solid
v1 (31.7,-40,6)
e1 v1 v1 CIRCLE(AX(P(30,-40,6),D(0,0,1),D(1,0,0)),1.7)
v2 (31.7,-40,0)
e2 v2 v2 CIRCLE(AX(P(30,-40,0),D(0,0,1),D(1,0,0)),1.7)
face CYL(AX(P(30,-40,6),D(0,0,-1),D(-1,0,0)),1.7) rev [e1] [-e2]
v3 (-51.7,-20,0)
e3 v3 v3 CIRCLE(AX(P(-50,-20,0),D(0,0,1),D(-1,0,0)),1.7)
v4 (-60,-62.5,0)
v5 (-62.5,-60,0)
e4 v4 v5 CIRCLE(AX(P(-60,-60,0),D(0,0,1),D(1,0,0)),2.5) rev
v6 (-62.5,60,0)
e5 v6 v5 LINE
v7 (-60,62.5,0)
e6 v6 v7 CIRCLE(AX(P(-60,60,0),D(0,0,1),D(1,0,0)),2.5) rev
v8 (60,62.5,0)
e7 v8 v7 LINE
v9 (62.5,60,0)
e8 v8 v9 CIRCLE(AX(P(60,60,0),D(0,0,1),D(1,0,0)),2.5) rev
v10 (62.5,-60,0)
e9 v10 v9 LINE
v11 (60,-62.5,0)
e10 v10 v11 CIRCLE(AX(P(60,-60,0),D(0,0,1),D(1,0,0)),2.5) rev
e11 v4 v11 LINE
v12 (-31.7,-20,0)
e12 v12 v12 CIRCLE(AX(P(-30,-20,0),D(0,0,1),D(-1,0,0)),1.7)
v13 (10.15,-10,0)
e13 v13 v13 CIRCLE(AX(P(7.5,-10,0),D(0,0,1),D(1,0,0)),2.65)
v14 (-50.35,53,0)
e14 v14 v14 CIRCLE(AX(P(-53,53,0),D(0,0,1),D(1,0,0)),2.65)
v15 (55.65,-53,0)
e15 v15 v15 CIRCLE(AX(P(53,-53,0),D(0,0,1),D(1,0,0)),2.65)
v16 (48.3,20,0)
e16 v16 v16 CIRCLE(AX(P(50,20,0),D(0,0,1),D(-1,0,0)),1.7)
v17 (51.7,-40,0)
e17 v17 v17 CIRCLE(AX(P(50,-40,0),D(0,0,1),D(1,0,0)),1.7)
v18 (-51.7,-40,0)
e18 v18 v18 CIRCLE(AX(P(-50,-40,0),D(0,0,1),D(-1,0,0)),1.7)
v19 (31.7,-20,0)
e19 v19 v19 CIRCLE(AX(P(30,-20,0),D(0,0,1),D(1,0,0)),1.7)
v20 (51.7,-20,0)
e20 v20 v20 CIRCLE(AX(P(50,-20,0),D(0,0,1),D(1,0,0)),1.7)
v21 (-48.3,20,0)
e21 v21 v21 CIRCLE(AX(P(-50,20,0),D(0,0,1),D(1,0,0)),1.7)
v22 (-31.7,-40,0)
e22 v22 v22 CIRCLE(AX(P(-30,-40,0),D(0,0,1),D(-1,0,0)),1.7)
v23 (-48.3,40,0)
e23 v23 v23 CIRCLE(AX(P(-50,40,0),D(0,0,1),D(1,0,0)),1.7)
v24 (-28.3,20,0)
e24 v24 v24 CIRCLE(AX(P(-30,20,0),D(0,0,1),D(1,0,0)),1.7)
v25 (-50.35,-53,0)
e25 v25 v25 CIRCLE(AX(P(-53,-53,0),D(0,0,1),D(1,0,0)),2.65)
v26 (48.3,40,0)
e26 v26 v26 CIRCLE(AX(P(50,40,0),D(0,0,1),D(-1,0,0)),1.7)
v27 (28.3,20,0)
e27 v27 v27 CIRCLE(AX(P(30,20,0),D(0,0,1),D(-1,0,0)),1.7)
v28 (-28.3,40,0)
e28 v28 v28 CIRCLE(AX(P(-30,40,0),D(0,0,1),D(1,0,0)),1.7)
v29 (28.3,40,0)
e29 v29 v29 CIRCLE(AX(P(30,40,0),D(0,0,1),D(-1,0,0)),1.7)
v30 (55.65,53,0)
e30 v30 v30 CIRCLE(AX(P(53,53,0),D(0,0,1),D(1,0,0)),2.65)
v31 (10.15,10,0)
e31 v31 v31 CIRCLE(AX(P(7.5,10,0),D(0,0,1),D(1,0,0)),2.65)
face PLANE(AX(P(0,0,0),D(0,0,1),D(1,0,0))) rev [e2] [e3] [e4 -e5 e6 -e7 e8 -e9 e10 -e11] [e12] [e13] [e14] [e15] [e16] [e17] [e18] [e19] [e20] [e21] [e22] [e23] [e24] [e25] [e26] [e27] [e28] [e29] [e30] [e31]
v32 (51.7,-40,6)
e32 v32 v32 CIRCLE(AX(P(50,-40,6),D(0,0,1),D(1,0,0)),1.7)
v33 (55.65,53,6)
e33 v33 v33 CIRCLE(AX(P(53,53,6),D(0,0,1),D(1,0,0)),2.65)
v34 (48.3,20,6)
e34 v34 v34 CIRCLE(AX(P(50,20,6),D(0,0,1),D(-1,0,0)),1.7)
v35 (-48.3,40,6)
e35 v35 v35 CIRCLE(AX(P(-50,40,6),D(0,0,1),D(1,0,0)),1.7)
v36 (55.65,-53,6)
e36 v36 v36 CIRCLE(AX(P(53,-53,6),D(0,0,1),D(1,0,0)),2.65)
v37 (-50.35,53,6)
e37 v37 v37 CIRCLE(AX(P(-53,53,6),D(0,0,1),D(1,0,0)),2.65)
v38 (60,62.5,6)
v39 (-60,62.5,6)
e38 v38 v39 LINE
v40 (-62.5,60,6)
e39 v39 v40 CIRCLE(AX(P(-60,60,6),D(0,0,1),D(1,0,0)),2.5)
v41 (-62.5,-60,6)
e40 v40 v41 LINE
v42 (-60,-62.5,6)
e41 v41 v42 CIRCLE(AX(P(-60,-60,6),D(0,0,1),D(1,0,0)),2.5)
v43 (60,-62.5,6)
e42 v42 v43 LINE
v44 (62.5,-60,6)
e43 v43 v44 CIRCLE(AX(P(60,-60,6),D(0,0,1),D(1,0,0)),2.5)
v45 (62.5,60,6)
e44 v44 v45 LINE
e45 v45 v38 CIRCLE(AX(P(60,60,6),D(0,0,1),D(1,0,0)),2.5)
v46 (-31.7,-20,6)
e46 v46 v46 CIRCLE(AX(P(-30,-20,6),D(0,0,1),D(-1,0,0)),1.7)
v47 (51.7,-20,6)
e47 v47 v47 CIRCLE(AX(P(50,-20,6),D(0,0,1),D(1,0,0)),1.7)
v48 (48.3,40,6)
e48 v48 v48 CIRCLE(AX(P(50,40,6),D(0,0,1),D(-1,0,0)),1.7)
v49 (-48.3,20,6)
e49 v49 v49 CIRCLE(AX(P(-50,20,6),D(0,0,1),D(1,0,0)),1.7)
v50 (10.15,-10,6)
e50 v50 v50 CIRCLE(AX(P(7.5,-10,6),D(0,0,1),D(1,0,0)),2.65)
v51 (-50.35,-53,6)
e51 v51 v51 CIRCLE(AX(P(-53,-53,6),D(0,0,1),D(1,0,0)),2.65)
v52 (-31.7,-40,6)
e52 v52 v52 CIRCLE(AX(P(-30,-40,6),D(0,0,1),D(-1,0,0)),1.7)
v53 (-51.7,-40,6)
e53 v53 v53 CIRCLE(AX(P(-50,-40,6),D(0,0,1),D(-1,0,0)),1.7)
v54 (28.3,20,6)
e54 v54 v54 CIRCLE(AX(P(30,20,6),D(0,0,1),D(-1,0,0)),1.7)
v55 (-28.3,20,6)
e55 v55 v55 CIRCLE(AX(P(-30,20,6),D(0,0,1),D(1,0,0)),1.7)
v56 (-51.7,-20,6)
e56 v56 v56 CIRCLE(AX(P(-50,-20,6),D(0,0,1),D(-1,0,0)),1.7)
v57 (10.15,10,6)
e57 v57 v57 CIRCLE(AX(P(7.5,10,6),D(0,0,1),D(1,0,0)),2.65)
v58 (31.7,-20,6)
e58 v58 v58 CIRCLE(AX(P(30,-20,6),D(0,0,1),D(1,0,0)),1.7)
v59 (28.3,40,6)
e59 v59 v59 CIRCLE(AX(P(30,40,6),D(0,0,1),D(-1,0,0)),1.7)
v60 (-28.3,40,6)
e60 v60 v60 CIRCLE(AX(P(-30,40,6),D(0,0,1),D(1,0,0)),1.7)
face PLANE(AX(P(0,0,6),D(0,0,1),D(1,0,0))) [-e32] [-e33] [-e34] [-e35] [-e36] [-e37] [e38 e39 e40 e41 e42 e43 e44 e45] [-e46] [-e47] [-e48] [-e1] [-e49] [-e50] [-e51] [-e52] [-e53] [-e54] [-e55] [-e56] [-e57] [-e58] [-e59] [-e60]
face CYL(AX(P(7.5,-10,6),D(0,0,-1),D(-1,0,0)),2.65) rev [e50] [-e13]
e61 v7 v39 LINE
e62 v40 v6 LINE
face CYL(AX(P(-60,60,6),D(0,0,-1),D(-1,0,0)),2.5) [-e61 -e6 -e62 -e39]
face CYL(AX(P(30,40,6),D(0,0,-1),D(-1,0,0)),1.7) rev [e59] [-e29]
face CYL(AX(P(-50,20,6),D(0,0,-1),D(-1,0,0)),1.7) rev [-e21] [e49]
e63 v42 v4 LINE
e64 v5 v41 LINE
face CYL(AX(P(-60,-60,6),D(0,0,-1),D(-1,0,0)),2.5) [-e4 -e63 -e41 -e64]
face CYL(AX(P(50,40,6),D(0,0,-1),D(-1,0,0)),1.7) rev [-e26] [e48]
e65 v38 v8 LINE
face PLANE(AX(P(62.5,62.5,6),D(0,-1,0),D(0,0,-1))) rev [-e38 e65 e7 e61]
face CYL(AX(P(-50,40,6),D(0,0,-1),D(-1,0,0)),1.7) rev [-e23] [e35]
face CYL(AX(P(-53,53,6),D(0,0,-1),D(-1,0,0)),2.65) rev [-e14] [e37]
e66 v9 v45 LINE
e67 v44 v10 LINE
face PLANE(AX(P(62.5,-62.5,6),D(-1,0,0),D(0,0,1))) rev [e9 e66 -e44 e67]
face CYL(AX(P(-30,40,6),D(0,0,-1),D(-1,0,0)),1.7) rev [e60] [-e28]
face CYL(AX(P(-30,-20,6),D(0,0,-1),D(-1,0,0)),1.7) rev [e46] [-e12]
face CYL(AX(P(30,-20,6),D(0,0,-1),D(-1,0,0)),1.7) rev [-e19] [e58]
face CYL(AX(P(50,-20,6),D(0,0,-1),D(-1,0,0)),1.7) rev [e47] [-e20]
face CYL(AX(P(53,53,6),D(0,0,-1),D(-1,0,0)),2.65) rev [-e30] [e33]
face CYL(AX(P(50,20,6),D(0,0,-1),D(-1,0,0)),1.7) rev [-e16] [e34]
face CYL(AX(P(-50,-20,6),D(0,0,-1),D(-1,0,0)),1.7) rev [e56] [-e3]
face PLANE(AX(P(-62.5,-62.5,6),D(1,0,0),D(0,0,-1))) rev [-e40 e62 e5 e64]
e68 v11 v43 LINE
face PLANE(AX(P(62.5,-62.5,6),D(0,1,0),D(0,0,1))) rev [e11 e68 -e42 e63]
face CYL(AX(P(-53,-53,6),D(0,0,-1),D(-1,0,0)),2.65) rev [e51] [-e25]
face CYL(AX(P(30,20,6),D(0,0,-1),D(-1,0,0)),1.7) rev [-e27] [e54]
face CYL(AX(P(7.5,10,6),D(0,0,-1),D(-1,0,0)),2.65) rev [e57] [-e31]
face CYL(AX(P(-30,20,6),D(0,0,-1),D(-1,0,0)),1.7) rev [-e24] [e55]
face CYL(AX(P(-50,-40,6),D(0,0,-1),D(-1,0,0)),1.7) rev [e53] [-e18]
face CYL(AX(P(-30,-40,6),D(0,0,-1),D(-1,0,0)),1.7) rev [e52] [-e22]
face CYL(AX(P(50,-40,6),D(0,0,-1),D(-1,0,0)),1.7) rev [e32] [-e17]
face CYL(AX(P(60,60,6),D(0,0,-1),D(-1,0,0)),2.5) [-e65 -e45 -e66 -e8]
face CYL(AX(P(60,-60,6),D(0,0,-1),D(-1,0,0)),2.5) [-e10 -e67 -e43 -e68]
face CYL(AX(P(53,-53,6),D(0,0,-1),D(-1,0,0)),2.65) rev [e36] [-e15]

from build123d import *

# Parameters (mm, degrees)
SKETCH1_W           = 125
SKETCH1_H           = 125
SKETCH1_R           = 1.7
SKETCH1_R_2         = 2.65
BOSS_EXTRUDE1_DEPTH = 6
FILLET1_R           = 2.5


with BuildPart() as part:
    # Sketch1 → Boss-Extrude1 (new body)
    with BuildSketch(Plane.XY):
        Rectangle(SKETCH1_W, SKETCH1_H)
        with Locations((-50, 40)):
            Circle(SKETCH1_R, mode=Mode.SUBTRACT)
        with Locations((-30, 40)):
            Circle(SKETCH1_R, mode=Mode.SUBTRACT)
        with Locations((-30, 20)):
            Circle(SKETCH1_R, mode=Mode.SUBTRACT)
        with Locations((-50, 20)):
            Circle(SKETCH1_R, mode=Mode.SUBTRACT)
        with Locations((50, 40)):
            Circle(SKETCH1_R, mode=Mode.SUBTRACT)
        with Locations((50, 20)):
            Circle(SKETCH1_R, mode=Mode.SUBTRACT)
        with Locations((30, 20)):
            Circle(SKETCH1_R, mode=Mode.SUBTRACT)
        with Locations((30, 40)):
            Circle(SKETCH1_R, mode=Mode.SUBTRACT)
        with Locations((-50, -20)):
            Circle(SKETCH1_R, mode=Mode.SUBTRACT)
        with Locations((-30, -20)):
            Circle(SKETCH1_R, mode=Mode.SUBTRACT)
        with Locations((-30, -40)):
            Circle(SKETCH1_R, mode=Mode.SUBTRACT)
        with Locations((-50, -40)):
            Circle(SKETCH1_R, mode=Mode.SUBTRACT)
        with Locations((30, -40)):
            Circle(SKETCH1_R, mode=Mode.SUBTRACT)
        with Locations((30, -20)):
            Circle(SKETCH1_R, mode=Mode.SUBTRACT)
        with Locations((50, -20)):
            Circle(SKETCH1_R, mode=Mode.SUBTRACT)
        with Locations((50, -40)):
            Circle(SKETCH1_R, mode=Mode.SUBTRACT)
        with Locations((7.5, 10)):
            Circle(SKETCH1_R_2, mode=Mode.SUBTRACT)
        with Locations((7.5, -10)):
            Circle(SKETCH1_R_2, mode=Mode.SUBTRACT)
        with Locations((-53, -53)):
            Circle(SKETCH1_R_2, mode=Mode.SUBTRACT)
        with Locations((53, -53)):
            Circle(SKETCH1_R_2, mode=Mode.SUBTRACT)
        with Locations((53, 53)):
            Circle(SKETCH1_R_2, mode=Mode.SUBTRACT)
        with Locations((-53, 53)):
            Circle(SKETCH1_R_2, mode=Mode.SUBTRACT)
    extrude(amount=BOSS_EXTRUDE1_DEPTH)

    # Fillet1
    fillet1_edges = [part.edges().sort_by_distance(p)[0] for p in [
        (-62.5, -62.5, 3),
        (62.5, -62.5, 3),
        (62.5, 62.5, 3),
        (-62.5, 62.5, 3),
    ]]
    fillet(fillet1_edges, radius=FILLET1_R)


solid = part.part
